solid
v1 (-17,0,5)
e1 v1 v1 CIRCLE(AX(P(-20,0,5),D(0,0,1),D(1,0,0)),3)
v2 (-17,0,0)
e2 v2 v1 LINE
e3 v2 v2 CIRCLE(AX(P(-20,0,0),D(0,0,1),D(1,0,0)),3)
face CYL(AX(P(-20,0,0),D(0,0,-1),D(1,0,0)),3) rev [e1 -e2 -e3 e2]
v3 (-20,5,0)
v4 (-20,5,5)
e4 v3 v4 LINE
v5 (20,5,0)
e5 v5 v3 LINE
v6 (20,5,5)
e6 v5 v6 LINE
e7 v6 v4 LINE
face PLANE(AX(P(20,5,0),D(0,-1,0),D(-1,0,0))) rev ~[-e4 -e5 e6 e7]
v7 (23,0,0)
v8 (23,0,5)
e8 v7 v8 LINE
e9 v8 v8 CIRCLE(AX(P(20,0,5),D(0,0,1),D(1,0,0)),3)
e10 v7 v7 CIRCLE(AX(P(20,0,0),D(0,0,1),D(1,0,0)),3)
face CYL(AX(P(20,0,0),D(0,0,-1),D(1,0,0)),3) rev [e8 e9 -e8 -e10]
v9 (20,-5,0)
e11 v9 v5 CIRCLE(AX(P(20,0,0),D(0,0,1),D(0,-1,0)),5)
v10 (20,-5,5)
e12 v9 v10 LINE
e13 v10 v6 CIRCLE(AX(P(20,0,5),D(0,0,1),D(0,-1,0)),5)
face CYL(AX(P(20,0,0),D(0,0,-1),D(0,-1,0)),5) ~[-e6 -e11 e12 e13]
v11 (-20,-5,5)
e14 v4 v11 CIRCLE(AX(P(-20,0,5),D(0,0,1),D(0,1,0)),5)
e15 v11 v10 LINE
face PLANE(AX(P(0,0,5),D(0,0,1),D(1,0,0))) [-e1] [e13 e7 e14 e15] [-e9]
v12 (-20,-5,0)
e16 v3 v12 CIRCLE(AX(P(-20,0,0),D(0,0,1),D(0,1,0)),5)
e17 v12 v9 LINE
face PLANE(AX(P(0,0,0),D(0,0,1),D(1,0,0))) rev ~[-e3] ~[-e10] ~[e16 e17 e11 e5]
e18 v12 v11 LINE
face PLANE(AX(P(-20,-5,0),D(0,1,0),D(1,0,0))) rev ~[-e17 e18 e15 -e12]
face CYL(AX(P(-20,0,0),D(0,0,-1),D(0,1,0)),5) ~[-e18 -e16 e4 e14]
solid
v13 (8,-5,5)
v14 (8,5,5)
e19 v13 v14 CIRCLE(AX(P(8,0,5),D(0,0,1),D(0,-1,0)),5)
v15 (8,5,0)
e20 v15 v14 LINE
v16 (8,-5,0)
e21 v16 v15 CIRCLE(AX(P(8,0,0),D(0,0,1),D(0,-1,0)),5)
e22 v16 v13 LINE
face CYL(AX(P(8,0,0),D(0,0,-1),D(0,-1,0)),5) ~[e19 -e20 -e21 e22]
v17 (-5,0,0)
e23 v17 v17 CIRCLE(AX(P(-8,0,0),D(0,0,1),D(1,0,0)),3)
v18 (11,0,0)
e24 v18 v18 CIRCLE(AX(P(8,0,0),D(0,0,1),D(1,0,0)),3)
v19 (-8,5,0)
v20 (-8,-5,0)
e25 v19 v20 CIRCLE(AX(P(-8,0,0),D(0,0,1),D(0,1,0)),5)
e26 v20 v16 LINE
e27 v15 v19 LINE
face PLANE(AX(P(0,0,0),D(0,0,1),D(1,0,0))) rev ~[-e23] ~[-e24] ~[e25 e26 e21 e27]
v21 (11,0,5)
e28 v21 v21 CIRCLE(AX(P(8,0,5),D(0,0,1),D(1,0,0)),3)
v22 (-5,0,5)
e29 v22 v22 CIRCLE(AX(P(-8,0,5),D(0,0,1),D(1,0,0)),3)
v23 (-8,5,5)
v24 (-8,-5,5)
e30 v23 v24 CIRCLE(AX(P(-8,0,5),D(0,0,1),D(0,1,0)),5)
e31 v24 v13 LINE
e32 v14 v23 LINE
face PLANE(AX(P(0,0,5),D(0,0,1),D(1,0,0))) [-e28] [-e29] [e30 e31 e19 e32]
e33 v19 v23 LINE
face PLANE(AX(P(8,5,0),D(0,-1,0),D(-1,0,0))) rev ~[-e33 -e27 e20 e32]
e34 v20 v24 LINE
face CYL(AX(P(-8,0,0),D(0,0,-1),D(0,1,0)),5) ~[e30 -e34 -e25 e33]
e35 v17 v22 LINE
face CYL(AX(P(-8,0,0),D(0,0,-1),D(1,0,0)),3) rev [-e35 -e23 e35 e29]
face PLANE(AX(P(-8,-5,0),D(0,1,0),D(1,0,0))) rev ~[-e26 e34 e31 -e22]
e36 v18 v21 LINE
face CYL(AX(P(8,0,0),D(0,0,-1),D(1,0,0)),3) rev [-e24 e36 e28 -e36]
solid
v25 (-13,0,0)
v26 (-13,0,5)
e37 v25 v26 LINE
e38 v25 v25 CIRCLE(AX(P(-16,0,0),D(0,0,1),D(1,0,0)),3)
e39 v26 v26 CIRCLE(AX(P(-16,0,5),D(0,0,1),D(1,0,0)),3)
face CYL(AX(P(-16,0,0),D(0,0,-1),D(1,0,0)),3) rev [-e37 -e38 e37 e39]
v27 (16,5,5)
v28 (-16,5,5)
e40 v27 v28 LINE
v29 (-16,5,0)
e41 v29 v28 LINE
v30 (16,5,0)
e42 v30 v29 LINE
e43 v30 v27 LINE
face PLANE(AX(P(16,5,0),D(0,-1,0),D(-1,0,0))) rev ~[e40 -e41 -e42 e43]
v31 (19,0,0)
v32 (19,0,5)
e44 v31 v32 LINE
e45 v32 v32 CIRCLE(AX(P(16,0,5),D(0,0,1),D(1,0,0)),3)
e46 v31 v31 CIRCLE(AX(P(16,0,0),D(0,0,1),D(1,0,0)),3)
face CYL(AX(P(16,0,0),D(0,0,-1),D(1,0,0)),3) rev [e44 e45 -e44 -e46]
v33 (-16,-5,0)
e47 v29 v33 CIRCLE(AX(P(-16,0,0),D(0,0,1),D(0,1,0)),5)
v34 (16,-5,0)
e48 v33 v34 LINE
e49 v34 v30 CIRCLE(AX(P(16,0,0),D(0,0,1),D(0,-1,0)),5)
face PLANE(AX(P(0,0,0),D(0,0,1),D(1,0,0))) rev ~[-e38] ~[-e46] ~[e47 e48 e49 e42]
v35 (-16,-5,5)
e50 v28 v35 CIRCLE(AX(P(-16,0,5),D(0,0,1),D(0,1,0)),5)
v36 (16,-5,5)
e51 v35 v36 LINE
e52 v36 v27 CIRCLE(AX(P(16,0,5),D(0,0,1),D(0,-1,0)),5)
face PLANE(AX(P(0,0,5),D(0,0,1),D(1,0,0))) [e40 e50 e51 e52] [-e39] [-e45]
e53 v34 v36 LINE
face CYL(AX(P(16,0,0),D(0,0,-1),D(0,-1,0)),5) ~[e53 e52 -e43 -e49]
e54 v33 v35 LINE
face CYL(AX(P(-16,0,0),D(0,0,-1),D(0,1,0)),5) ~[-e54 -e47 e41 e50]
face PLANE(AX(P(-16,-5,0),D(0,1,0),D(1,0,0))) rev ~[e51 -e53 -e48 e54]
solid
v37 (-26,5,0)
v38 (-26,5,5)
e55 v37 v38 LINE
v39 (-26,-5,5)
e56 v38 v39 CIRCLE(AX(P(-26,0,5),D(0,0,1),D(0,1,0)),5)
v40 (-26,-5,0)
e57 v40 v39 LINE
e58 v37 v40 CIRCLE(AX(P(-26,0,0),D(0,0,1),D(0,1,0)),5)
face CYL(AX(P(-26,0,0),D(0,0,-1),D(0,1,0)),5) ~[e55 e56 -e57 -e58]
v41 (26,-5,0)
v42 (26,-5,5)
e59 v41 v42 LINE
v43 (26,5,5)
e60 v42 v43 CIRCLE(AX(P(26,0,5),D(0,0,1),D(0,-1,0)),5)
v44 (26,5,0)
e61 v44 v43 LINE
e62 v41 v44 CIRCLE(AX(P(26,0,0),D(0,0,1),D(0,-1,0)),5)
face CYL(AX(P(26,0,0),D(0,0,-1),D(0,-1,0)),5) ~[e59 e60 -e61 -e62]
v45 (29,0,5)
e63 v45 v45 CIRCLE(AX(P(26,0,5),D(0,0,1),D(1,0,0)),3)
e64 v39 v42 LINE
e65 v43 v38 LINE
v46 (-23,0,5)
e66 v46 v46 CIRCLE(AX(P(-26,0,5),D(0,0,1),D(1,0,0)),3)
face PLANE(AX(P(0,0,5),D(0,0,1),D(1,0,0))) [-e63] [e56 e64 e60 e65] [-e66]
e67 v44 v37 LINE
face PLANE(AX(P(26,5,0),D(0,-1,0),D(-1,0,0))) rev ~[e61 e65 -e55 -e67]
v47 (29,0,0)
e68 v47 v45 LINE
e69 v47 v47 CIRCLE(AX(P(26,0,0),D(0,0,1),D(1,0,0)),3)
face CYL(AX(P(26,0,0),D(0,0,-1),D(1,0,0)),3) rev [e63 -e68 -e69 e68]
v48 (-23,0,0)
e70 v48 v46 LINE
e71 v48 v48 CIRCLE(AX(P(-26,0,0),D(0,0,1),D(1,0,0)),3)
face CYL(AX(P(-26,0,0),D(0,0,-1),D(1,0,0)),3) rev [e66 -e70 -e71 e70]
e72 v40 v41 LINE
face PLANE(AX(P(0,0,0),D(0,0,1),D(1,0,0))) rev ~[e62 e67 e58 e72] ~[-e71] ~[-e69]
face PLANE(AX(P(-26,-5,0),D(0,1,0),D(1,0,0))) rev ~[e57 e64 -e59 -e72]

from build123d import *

# Parameters (mm, degrees)
SKETCH_R     = 3
PAD_DEPTH    = 5
SKETCH001_R  = 3
PAD001_DEPTH = 5
SKETCH002_R  = 3
PAD002_DEPTH = 5
SKETCH003_R  = 3
PAD003_DEPTH = 5


with BuildPart() as f_16_mm:
    # Sketch → Pad (new body)
    with BuildSketch(Plane.XY):
        with BuildLine():
            ThreePointArc((-8, 5), (-13, 0), (-8, -5))
            Line((-8, -5), (8, -5))
            ThreePointArc((8, -5), (13, 0), (8, 5))
            Line((8, 5), (-8, 5))
        make_face()
        with Locations((8, 0)):
            Circle(SKETCH_R, mode=Mode.SUBTRACT)
        with Locations((-8, 0)):
            Circle(SKETCH_R, mode=Mode.SUBTRACT)
    extrude(amount=PAD_DEPTH)


with BuildPart() as f_32_mm:
    # Sketch001 → Pad001 (new body)
    with BuildSketch(Plane.XY):
        with BuildLine():
            ThreePointArc((-16, 5), (-21, 0), (-16, -5))
            Line((-16, -5), (16, -5))
            ThreePointArc((16, -5), (21, 0), (16, 5))
            Line((16, 5), (-16, 5))
        make_face()
        with Locations((16, 0)):
            Circle(SKETCH001_R, mode=Mode.SUBTRACT)
        with Locations((-16, 0)):
            Circle(SKETCH001_R, mode=Mode.SUBTRACT)
    extrude(amount=PAD001_DEPTH)


with BuildPart() as f_40_mm:
    # Sketch002 → Pad002 (new body)
    with BuildSketch(Plane.XY):
        with BuildLine():
            ThreePointArc((-20, 5), (-25, 0), (-20, -5))
            Line((-20, -5), (20, -5))
            ThreePointArc((20, -5), (25, 0), (20, 5))
            Line((20, 5), (-20, 5))
        make_face()
        with Locations((20, 0)):
            Circle(SKETCH002_R, mode=Mode.SUBTRACT)
        with Locations((-20, 0)):
            Circle(SKETCH002_R, mode=Mode.SUBTRACT)
    extrude(amount=PAD002_DEPTH)


with BuildPart() as f_52_mm:
    # Sketch003 → Pad003 (new body)
    with BuildSketch(Plane.XY):
        with BuildLine():
            ThreePointArc((-26, 5), (-31, 0), (-26, -5))
            Line((-26, -5), (26, -5))
            ThreePointArc((26, -5), (31, 0), (26, 5))
            Line((26, 5), (-26, 5))
        make_face()
        with Locations((26, 0)):
            Circle(SKETCH003_R, mode=Mode.SUBTRACT)
        with Locations((-26, 0)):
            Circle(SKETCH003_R, mode=Mode.SUBTRACT)
    extrude(amount=PAD003_DEPTH)


solid = Compound([f_16_mm.part, f_32_mm.part, f_40_mm.part, f_52_mm.part])
